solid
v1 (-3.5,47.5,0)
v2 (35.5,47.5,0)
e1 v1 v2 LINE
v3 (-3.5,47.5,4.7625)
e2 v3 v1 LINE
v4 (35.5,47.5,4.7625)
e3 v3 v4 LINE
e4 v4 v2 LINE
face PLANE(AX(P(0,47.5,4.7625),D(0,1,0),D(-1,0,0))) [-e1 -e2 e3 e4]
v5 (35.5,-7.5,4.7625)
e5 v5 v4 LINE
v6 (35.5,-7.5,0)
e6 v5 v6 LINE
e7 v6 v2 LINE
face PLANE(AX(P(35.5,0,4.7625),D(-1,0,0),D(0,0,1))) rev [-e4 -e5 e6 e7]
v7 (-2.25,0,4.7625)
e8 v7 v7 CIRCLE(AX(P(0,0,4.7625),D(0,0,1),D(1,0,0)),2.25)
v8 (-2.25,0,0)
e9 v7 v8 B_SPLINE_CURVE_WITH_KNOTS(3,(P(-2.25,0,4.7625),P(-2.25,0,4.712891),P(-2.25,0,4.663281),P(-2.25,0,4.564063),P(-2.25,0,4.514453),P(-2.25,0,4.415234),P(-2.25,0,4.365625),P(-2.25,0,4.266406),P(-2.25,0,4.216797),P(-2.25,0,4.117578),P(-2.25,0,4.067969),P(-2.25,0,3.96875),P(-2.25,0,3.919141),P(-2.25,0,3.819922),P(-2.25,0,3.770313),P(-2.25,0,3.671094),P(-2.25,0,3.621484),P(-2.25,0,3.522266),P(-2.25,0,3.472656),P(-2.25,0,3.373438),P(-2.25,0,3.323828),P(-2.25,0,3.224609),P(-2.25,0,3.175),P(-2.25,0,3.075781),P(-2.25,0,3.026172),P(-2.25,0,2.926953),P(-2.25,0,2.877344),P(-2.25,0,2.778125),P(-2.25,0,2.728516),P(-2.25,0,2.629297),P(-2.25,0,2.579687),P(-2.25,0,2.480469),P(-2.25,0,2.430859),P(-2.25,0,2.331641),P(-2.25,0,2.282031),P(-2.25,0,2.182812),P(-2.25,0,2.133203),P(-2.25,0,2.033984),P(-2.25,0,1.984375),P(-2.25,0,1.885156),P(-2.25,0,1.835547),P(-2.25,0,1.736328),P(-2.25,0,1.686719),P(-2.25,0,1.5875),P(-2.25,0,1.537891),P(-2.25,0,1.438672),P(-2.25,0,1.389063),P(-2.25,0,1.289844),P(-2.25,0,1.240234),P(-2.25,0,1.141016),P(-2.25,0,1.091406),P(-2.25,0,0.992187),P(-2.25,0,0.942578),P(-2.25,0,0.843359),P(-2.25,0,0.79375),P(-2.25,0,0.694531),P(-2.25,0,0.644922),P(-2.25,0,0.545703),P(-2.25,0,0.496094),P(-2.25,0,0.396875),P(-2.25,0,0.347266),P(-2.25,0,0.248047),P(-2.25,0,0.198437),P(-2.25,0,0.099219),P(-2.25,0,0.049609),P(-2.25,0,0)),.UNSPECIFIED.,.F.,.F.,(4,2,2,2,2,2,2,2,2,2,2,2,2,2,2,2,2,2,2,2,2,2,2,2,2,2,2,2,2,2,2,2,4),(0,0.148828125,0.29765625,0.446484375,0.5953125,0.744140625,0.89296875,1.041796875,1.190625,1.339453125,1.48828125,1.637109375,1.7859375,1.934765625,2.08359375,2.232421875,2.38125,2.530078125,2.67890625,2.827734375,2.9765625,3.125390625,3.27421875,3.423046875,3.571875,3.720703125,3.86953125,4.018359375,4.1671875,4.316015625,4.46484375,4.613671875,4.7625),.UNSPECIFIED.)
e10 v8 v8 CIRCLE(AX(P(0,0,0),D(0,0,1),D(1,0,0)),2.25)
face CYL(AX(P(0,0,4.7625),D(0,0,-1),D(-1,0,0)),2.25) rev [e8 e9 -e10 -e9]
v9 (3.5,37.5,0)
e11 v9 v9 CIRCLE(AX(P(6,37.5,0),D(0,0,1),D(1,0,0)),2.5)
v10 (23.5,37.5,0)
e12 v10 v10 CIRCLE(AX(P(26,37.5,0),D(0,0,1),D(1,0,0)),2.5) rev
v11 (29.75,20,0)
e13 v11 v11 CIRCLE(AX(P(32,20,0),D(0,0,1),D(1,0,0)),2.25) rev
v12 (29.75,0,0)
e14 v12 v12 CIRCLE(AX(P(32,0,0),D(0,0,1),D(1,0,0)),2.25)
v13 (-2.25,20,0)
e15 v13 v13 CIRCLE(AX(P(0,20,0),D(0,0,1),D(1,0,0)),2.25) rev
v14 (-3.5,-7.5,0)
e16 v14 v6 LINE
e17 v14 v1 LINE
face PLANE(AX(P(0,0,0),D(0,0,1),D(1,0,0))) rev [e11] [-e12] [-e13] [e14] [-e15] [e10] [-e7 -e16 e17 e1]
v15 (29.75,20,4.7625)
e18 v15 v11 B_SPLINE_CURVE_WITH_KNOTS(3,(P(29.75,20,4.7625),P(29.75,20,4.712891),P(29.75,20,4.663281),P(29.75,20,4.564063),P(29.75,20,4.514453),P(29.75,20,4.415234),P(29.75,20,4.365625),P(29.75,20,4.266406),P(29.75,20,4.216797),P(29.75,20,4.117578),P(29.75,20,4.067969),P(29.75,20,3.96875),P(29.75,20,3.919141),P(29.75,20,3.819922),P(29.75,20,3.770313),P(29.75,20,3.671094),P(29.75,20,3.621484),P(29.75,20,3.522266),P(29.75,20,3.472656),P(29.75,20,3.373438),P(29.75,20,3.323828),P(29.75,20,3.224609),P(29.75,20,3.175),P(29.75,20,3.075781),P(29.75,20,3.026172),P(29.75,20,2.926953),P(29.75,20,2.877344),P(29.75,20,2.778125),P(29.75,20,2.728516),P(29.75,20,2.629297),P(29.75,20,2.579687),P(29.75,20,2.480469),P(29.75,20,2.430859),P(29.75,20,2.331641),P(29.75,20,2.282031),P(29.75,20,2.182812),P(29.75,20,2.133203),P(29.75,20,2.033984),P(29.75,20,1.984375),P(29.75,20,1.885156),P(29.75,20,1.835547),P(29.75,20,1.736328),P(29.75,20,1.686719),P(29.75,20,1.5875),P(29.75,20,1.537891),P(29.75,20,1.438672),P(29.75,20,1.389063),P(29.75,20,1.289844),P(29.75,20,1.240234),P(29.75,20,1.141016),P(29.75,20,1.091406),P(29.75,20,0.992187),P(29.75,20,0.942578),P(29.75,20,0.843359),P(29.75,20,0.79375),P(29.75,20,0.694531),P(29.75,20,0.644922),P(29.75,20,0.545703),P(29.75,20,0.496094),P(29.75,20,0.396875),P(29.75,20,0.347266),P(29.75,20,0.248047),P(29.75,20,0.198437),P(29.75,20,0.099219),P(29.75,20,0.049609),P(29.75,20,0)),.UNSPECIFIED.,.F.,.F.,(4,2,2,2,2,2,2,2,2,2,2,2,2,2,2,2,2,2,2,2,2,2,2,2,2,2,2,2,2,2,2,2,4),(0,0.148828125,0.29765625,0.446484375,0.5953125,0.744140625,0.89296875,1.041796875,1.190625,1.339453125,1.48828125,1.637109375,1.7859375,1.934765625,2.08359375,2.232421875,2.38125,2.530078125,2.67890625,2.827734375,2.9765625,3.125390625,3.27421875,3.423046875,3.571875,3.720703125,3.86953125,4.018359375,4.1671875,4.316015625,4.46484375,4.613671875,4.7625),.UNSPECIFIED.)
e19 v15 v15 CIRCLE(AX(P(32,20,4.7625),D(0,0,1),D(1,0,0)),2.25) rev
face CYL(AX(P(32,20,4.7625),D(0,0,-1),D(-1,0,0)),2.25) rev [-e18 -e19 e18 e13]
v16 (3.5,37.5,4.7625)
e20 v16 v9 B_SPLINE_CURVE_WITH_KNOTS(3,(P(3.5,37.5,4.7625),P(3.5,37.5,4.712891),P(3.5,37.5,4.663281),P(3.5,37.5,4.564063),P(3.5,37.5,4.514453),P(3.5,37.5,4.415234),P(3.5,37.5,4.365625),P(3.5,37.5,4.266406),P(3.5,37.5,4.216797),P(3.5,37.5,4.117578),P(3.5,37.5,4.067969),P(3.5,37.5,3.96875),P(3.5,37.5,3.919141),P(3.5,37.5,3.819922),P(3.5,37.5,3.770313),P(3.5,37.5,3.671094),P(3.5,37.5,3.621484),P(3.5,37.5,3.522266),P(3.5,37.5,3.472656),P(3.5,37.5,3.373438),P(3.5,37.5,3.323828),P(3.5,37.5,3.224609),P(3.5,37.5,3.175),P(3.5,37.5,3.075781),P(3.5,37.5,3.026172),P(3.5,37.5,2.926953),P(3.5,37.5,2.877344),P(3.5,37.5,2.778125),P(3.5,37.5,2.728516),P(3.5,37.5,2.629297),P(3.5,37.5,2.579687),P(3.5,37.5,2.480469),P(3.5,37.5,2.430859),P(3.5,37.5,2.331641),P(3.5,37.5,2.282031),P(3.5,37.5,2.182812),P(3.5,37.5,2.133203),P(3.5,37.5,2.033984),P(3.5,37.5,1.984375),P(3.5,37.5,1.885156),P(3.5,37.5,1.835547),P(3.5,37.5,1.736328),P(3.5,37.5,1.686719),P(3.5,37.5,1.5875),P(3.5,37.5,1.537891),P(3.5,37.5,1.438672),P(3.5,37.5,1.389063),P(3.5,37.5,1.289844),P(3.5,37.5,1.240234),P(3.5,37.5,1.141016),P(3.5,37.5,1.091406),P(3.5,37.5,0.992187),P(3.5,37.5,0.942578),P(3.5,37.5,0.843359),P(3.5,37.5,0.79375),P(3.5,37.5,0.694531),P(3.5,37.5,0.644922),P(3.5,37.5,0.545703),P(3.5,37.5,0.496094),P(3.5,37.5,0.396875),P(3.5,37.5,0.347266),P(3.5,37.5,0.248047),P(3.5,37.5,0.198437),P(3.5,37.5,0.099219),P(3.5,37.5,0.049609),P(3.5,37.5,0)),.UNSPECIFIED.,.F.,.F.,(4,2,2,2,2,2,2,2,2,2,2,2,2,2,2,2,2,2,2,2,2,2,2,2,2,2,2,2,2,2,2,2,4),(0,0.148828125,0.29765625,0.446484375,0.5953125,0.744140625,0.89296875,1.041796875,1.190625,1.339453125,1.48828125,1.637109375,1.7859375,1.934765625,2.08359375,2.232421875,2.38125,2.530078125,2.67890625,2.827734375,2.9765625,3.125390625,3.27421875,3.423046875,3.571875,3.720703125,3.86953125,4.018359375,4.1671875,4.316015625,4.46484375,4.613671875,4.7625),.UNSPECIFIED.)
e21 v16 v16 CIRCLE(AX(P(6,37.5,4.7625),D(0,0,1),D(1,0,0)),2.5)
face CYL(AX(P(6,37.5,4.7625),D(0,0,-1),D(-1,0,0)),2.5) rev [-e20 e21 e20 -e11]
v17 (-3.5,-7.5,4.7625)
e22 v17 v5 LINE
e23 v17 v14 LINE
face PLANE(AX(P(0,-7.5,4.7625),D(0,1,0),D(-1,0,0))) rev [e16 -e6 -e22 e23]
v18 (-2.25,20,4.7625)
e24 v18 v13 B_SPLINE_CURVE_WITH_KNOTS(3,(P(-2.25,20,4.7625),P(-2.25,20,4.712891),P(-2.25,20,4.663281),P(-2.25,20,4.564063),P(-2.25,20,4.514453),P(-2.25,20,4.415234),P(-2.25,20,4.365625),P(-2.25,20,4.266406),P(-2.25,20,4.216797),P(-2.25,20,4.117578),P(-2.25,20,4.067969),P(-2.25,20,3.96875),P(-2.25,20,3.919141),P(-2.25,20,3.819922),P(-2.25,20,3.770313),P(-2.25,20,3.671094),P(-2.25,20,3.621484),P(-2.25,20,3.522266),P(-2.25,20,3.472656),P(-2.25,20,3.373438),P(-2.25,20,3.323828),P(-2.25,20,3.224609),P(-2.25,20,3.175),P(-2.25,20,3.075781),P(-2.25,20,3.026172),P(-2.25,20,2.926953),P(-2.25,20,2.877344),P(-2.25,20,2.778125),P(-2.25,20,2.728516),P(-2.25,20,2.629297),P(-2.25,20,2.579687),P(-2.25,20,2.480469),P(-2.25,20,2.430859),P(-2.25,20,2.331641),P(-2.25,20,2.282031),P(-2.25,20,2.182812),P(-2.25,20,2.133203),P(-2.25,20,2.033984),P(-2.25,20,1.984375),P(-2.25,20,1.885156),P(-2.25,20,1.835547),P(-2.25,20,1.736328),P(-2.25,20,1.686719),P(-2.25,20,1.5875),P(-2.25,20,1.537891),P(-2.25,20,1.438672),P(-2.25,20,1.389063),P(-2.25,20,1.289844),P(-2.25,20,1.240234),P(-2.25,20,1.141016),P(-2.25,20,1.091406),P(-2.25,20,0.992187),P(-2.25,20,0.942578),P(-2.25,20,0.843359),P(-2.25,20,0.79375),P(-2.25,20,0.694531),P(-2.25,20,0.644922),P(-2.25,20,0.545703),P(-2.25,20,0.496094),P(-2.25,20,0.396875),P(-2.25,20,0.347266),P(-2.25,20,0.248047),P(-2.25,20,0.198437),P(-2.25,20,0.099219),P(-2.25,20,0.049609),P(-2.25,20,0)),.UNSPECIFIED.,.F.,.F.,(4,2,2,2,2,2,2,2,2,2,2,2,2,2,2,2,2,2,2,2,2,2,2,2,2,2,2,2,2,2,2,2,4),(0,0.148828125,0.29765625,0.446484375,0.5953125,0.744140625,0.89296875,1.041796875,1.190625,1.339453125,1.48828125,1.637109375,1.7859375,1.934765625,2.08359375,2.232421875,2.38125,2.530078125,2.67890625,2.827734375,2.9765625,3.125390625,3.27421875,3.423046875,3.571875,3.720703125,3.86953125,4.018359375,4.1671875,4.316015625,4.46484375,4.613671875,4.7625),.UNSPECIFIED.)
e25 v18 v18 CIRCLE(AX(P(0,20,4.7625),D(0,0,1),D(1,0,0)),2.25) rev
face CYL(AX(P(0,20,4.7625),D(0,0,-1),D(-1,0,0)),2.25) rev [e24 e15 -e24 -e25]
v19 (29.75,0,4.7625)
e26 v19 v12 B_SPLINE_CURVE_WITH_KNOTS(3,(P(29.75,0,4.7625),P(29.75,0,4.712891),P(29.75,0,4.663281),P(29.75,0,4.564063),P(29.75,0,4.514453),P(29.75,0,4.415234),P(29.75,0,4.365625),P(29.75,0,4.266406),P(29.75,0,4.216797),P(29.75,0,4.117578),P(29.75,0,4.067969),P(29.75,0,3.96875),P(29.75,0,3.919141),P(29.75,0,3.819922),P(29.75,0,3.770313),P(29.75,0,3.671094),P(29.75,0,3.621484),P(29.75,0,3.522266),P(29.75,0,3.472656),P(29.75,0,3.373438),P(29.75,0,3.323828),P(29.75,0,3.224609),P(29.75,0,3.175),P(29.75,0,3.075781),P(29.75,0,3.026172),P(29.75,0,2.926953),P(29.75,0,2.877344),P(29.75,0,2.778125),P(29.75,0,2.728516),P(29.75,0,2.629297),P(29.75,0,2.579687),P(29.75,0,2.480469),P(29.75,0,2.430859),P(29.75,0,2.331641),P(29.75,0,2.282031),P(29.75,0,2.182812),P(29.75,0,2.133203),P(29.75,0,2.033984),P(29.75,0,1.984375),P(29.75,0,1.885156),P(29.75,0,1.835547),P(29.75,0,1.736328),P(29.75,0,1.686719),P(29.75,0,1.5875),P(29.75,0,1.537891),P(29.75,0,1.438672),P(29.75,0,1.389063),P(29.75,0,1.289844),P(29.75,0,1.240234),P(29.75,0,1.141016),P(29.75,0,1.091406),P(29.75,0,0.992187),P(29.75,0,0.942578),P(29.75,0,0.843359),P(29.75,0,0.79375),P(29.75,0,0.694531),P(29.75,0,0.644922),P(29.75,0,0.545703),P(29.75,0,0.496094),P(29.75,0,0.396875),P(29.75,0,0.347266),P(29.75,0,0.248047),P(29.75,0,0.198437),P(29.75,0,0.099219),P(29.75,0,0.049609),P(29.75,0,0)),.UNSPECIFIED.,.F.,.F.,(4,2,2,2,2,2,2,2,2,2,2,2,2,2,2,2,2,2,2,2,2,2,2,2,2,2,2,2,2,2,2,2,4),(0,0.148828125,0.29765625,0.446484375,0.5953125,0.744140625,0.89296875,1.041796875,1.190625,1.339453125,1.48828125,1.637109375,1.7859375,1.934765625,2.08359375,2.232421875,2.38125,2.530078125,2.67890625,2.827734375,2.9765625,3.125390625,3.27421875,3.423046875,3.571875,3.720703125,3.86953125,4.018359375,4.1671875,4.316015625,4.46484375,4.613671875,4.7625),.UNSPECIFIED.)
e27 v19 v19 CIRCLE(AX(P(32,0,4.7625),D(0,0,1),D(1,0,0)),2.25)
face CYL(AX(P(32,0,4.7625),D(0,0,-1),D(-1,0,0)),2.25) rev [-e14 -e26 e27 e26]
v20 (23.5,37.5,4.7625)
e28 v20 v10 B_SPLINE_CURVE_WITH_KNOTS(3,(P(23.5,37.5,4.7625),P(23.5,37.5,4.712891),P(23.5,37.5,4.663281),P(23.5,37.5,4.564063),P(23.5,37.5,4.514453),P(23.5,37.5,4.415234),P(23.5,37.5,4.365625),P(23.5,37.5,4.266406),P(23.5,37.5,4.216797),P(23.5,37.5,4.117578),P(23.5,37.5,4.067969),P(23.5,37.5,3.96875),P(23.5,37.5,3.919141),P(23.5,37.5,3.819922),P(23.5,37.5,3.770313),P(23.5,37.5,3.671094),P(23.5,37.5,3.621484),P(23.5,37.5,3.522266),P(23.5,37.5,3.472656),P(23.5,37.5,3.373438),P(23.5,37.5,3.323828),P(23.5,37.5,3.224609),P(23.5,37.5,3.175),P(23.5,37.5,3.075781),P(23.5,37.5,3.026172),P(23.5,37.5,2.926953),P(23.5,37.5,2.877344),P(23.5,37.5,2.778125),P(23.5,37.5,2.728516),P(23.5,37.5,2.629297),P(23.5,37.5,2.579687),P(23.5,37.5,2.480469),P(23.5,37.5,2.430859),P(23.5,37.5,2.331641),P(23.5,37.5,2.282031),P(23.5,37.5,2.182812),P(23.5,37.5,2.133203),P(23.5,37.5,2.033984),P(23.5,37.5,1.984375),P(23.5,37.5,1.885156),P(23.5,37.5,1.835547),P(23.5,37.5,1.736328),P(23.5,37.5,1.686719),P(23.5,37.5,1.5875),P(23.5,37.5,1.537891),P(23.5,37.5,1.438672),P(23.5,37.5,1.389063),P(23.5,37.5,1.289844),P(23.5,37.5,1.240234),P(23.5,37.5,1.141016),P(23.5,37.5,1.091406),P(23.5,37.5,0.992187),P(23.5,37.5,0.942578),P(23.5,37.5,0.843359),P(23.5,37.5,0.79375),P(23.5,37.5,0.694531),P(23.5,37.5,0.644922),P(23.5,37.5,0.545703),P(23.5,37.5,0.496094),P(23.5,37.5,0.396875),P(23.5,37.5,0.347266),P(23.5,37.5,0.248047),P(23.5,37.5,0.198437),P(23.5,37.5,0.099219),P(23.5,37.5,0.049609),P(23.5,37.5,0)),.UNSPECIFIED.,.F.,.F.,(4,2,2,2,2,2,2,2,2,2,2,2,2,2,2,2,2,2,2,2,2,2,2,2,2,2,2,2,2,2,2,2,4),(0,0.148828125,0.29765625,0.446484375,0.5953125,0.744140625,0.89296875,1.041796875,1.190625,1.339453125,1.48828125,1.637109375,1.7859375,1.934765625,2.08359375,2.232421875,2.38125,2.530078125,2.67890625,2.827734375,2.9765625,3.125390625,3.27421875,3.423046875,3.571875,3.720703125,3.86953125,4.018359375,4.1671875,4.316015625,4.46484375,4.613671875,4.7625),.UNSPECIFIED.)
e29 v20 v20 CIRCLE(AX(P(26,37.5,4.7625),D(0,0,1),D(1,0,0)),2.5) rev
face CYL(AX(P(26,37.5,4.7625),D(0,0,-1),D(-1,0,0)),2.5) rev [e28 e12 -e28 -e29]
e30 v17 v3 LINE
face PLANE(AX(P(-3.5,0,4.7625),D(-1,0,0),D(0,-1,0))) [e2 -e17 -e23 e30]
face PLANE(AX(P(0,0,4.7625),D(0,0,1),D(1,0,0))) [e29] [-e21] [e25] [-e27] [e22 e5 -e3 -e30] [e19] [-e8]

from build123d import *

# Parameters (mm, degrees)
SKETCH1_W           = 39
SKETCH1_H           = 55
SKETCH1_R           = 2.5
SKETCH1_R_2         = 2.25
BOSS_EXTRUDE1_DEPTH = 4.7625


with BuildPart() as part:
    # Sketch1 → Boss-Extrude1 (new body)
    with BuildSketch(Plane.XY):
        with Locations((16, 20)):
            Rectangle(SKETCH1_W, SKETCH1_H)
        with Locations((6, 37.5)):
            Circle(SKETCH1_R, mode=Mode.SUBTRACT)
        with Locations((26, 37.5)):
            Circle(SKETCH1_R, mode=Mode.SUBTRACT)
        Circle(SKETCH1_R_2, mode=Mode.SUBTRACT)
        with Locations((0, 20)):
            Circle(SKETCH1_R_2, mode=Mode.SUBTRACT)
        with Locations((32, 0)):
            Circle(SKETCH1_R_2, mode=Mode.SUBTRACT)
        with Locations((32, 20)):
            Circle(SKETCH1_R_2, mode=Mode.SUBTRACT)
    extrude(amount=BOSS_EXTRUDE1_DEPTH)


solid = part.part
